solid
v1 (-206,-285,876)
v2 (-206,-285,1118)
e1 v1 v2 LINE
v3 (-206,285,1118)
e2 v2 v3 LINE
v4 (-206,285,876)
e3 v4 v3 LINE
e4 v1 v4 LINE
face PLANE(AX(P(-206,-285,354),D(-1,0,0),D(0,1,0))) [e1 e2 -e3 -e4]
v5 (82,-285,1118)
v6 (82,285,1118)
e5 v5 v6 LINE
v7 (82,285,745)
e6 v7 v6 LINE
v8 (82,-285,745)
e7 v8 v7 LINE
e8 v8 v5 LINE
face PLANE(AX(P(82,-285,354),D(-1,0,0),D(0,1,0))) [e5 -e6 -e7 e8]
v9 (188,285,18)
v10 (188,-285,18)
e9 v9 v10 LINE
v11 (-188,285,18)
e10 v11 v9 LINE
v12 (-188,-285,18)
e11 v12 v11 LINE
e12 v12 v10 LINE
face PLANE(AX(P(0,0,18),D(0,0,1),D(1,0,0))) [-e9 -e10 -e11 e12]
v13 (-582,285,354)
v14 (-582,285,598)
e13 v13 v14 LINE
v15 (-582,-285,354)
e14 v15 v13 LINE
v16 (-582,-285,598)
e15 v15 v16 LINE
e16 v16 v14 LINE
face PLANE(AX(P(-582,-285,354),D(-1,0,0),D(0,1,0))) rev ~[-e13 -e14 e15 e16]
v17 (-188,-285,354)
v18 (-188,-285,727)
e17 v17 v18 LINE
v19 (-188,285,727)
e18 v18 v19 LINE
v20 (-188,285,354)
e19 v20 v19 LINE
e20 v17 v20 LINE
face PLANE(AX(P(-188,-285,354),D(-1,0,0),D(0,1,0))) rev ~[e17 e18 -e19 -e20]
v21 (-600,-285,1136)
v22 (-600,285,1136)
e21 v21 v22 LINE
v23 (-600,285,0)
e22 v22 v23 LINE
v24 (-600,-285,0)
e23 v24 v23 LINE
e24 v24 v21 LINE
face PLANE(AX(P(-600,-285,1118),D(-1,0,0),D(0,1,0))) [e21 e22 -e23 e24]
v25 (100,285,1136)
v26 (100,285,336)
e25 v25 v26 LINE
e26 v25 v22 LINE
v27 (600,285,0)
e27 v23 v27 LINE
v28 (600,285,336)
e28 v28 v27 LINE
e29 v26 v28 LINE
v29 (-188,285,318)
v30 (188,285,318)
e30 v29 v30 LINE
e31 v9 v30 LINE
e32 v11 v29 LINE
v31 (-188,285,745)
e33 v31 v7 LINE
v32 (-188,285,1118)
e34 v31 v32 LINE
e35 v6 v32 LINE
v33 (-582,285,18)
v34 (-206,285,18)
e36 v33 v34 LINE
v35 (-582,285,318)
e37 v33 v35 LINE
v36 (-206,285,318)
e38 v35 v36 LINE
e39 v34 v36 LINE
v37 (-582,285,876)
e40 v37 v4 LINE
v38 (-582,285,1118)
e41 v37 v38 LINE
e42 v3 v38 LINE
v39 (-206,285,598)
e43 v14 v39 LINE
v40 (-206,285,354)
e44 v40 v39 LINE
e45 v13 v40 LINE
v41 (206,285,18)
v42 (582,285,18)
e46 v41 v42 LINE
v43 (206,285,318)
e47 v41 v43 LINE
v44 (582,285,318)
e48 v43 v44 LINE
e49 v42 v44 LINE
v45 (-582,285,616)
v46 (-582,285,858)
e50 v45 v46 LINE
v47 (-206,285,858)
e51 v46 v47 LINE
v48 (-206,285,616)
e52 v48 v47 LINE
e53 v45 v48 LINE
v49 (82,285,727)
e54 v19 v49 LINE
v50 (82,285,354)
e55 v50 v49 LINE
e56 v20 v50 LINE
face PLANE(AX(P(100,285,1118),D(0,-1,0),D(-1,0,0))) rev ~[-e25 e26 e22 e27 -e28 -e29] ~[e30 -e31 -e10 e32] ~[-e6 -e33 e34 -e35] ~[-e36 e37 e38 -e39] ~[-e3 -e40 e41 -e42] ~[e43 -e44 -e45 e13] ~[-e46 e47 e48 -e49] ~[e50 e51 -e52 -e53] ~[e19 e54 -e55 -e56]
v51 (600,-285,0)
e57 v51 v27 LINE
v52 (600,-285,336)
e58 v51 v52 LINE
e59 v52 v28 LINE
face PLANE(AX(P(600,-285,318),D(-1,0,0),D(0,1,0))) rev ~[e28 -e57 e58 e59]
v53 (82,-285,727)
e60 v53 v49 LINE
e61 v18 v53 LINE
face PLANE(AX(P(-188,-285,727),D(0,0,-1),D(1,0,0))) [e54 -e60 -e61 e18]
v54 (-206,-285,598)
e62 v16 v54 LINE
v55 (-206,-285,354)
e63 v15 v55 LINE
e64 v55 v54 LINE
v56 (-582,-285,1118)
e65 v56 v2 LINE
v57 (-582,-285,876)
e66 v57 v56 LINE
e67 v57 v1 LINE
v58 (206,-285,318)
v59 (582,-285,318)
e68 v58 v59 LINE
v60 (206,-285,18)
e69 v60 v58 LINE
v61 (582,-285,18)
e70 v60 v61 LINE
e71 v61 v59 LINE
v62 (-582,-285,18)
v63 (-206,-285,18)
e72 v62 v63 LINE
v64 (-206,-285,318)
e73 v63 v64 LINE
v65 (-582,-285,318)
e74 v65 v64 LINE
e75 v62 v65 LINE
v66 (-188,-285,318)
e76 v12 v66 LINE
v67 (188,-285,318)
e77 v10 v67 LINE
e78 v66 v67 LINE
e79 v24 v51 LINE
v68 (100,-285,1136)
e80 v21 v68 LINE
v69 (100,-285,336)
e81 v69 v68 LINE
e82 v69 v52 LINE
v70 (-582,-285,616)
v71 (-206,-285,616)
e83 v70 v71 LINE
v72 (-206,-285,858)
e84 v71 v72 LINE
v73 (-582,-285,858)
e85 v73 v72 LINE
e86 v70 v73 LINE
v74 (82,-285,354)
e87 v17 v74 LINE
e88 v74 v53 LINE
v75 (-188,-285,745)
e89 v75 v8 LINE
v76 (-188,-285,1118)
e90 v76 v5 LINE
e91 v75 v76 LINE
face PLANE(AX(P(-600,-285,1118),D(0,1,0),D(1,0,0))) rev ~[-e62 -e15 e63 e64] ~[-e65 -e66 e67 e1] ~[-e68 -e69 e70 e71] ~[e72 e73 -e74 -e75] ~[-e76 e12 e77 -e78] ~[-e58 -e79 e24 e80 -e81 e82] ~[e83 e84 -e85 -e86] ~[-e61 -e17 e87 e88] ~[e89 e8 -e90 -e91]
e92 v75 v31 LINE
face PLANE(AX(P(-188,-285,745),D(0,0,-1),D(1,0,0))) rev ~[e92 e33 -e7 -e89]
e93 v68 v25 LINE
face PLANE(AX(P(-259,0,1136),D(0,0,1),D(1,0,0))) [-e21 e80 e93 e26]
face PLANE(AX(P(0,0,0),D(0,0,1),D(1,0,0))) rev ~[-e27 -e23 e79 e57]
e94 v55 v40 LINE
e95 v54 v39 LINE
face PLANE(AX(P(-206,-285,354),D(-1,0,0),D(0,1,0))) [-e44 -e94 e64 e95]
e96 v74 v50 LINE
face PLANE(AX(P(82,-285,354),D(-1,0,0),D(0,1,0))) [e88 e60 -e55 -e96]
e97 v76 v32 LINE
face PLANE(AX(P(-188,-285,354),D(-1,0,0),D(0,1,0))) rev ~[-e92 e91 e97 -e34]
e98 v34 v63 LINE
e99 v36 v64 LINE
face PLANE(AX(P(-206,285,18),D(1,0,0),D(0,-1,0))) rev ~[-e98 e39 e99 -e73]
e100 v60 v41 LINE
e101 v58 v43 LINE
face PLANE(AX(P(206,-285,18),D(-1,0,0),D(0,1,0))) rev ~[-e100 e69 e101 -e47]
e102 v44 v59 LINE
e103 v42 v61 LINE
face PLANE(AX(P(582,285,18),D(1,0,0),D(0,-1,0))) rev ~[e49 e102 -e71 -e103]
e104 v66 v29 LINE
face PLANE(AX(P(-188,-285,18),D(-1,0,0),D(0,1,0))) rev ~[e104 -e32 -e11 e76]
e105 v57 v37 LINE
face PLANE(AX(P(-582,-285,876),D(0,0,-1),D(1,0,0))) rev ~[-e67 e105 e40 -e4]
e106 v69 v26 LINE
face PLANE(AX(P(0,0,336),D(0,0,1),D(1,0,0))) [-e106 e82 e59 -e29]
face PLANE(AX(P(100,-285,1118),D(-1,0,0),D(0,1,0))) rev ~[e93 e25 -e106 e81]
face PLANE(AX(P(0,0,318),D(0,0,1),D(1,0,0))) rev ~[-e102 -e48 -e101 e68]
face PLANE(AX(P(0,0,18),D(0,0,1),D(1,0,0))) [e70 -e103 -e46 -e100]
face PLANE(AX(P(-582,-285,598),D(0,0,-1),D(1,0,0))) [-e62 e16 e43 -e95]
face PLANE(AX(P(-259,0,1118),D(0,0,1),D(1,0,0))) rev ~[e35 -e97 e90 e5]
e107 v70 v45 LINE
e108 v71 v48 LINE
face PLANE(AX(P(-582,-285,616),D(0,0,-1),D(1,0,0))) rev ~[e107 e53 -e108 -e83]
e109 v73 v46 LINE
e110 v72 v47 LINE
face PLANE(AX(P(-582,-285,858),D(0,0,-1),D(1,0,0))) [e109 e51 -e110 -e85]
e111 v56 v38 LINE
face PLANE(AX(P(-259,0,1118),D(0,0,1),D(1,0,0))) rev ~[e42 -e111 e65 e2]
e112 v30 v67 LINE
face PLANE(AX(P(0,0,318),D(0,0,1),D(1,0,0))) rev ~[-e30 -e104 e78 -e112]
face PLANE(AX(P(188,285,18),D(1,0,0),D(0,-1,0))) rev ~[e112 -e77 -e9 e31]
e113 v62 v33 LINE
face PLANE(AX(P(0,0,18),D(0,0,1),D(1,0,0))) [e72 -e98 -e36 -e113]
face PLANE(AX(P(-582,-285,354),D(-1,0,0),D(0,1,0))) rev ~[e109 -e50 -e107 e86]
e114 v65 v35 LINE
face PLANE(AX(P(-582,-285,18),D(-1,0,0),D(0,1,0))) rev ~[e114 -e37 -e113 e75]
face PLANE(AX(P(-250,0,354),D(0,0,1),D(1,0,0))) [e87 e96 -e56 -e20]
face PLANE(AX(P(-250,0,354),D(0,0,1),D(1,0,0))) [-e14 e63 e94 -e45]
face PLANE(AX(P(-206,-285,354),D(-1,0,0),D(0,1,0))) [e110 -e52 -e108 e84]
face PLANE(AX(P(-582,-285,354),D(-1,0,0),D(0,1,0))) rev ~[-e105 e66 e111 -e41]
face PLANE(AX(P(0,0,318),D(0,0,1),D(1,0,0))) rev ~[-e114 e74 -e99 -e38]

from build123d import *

# Parameters (mm, degrees)
F0_W      = 1200
F0_H      = 570
F1_DEPTH  = 18
F3_DEPTH  = 300
F4_W      = 1200
F4_H      = 570
F5_DEPTH  = 18
F6_W      = 700
F6_H      = 570
F7_DEPTH  = 18
F8_W      = 18
F8_H      = 570
F9_DEPTH  = 764
F10_W     = 682
F10_H     = 570
F10_W_2   = 18
F11_DEPTH = 18
F12_W     = 18
F12_H     = 570
F13_DEPTH = 764
F14_W     = 270
F14_H     = 18
F14_W_2   = 376
F15_DEPTH = 570


with BuildPart() as f1:
    # F0 (on Top) → F1 (new body)
    with BuildSketch(Plane.XY):
        Rectangle(F0_W, F0_H)
    extrude(amount=F1_DEPTH)

    # F2 (on face) → F3 (join)
    with BuildSketch(Plane.XY.offset(18)):
        Polygon((-582, 285), (-600, 285), (-600, -285), (-582, -285), (-582, 92.4397557974), align=None)
        Polygon((-188, 285), (-206, 285), (-206, 92.4397557974), (-206, -285), (-188, -285), (-188, 93.6823561788), align=None)
        Polygon((206, 285), (188, 285), (188, 93.6823561788), (188, -285), (206, -285), (206, 93.6823785305), align=None)
        Polygon((600, 285), (582, 285), (582, 93.6823785305), (582, -285), (600, -285), align=None)
    extrude(amount=F3_DEPTH)

    # F4 (on face) → F5 (join)
    with BuildSketch(Plane.XY.offset(318)):
        Rectangle(F4_W, F4_H)
    extrude(amount=F5_DEPTH)

    # F6 (on face) → F7 (join)
    with BuildSketch(Plane.XY.offset(336)):
        with Locations((-250, 0)):
            Rectangle(F6_W, F6_H)
    extrude(amount=F7_DEPTH)

    # F8 (on face) → F9 (join)
    with BuildSketch(Plane.XY.offset(354)):
        with Locations((-591, 0)):
            Rectangle(F8_W, F8_H)
        with Locations((91, 0)):
            Rectangle(F8_W, F8_H)
    extrude(amount=F9_DEPTH)

    # F10 (on face) → F11 (join)
    with BuildSketch(Plane.XY.offset(1118)):
        with Locations((-259, 0)):
            Rectangle(F10_W, F10_H)
        with Locations((91, 0)):
            Rectangle(F10_W_2, F10_H)
    extrude(amount=F11_DEPTH)

    # F12 (on face) → F13 (join)
    with BuildSketch(Plane.XY.offset(354)):
        with Locations((-197, 0)):
            Rectangle(F12_W, F12_H)
    extrude(amount=F13_DEPTH)

    # F14 (on face) → F15 (join)
    with BuildSketch(Plane.XZ.offset(285)):
        with Locations((-53, 736)):
            Rectangle(F14_W, F14_H)
        with Locations((-394, 867)):
            Rectangle(F14_W_2, F14_H)
        with Locations((-394, 607)):
            Rectangle(F14_W_2, F14_H)
    extrude(amount=-F15_DEPTH)


solid = f1.part
